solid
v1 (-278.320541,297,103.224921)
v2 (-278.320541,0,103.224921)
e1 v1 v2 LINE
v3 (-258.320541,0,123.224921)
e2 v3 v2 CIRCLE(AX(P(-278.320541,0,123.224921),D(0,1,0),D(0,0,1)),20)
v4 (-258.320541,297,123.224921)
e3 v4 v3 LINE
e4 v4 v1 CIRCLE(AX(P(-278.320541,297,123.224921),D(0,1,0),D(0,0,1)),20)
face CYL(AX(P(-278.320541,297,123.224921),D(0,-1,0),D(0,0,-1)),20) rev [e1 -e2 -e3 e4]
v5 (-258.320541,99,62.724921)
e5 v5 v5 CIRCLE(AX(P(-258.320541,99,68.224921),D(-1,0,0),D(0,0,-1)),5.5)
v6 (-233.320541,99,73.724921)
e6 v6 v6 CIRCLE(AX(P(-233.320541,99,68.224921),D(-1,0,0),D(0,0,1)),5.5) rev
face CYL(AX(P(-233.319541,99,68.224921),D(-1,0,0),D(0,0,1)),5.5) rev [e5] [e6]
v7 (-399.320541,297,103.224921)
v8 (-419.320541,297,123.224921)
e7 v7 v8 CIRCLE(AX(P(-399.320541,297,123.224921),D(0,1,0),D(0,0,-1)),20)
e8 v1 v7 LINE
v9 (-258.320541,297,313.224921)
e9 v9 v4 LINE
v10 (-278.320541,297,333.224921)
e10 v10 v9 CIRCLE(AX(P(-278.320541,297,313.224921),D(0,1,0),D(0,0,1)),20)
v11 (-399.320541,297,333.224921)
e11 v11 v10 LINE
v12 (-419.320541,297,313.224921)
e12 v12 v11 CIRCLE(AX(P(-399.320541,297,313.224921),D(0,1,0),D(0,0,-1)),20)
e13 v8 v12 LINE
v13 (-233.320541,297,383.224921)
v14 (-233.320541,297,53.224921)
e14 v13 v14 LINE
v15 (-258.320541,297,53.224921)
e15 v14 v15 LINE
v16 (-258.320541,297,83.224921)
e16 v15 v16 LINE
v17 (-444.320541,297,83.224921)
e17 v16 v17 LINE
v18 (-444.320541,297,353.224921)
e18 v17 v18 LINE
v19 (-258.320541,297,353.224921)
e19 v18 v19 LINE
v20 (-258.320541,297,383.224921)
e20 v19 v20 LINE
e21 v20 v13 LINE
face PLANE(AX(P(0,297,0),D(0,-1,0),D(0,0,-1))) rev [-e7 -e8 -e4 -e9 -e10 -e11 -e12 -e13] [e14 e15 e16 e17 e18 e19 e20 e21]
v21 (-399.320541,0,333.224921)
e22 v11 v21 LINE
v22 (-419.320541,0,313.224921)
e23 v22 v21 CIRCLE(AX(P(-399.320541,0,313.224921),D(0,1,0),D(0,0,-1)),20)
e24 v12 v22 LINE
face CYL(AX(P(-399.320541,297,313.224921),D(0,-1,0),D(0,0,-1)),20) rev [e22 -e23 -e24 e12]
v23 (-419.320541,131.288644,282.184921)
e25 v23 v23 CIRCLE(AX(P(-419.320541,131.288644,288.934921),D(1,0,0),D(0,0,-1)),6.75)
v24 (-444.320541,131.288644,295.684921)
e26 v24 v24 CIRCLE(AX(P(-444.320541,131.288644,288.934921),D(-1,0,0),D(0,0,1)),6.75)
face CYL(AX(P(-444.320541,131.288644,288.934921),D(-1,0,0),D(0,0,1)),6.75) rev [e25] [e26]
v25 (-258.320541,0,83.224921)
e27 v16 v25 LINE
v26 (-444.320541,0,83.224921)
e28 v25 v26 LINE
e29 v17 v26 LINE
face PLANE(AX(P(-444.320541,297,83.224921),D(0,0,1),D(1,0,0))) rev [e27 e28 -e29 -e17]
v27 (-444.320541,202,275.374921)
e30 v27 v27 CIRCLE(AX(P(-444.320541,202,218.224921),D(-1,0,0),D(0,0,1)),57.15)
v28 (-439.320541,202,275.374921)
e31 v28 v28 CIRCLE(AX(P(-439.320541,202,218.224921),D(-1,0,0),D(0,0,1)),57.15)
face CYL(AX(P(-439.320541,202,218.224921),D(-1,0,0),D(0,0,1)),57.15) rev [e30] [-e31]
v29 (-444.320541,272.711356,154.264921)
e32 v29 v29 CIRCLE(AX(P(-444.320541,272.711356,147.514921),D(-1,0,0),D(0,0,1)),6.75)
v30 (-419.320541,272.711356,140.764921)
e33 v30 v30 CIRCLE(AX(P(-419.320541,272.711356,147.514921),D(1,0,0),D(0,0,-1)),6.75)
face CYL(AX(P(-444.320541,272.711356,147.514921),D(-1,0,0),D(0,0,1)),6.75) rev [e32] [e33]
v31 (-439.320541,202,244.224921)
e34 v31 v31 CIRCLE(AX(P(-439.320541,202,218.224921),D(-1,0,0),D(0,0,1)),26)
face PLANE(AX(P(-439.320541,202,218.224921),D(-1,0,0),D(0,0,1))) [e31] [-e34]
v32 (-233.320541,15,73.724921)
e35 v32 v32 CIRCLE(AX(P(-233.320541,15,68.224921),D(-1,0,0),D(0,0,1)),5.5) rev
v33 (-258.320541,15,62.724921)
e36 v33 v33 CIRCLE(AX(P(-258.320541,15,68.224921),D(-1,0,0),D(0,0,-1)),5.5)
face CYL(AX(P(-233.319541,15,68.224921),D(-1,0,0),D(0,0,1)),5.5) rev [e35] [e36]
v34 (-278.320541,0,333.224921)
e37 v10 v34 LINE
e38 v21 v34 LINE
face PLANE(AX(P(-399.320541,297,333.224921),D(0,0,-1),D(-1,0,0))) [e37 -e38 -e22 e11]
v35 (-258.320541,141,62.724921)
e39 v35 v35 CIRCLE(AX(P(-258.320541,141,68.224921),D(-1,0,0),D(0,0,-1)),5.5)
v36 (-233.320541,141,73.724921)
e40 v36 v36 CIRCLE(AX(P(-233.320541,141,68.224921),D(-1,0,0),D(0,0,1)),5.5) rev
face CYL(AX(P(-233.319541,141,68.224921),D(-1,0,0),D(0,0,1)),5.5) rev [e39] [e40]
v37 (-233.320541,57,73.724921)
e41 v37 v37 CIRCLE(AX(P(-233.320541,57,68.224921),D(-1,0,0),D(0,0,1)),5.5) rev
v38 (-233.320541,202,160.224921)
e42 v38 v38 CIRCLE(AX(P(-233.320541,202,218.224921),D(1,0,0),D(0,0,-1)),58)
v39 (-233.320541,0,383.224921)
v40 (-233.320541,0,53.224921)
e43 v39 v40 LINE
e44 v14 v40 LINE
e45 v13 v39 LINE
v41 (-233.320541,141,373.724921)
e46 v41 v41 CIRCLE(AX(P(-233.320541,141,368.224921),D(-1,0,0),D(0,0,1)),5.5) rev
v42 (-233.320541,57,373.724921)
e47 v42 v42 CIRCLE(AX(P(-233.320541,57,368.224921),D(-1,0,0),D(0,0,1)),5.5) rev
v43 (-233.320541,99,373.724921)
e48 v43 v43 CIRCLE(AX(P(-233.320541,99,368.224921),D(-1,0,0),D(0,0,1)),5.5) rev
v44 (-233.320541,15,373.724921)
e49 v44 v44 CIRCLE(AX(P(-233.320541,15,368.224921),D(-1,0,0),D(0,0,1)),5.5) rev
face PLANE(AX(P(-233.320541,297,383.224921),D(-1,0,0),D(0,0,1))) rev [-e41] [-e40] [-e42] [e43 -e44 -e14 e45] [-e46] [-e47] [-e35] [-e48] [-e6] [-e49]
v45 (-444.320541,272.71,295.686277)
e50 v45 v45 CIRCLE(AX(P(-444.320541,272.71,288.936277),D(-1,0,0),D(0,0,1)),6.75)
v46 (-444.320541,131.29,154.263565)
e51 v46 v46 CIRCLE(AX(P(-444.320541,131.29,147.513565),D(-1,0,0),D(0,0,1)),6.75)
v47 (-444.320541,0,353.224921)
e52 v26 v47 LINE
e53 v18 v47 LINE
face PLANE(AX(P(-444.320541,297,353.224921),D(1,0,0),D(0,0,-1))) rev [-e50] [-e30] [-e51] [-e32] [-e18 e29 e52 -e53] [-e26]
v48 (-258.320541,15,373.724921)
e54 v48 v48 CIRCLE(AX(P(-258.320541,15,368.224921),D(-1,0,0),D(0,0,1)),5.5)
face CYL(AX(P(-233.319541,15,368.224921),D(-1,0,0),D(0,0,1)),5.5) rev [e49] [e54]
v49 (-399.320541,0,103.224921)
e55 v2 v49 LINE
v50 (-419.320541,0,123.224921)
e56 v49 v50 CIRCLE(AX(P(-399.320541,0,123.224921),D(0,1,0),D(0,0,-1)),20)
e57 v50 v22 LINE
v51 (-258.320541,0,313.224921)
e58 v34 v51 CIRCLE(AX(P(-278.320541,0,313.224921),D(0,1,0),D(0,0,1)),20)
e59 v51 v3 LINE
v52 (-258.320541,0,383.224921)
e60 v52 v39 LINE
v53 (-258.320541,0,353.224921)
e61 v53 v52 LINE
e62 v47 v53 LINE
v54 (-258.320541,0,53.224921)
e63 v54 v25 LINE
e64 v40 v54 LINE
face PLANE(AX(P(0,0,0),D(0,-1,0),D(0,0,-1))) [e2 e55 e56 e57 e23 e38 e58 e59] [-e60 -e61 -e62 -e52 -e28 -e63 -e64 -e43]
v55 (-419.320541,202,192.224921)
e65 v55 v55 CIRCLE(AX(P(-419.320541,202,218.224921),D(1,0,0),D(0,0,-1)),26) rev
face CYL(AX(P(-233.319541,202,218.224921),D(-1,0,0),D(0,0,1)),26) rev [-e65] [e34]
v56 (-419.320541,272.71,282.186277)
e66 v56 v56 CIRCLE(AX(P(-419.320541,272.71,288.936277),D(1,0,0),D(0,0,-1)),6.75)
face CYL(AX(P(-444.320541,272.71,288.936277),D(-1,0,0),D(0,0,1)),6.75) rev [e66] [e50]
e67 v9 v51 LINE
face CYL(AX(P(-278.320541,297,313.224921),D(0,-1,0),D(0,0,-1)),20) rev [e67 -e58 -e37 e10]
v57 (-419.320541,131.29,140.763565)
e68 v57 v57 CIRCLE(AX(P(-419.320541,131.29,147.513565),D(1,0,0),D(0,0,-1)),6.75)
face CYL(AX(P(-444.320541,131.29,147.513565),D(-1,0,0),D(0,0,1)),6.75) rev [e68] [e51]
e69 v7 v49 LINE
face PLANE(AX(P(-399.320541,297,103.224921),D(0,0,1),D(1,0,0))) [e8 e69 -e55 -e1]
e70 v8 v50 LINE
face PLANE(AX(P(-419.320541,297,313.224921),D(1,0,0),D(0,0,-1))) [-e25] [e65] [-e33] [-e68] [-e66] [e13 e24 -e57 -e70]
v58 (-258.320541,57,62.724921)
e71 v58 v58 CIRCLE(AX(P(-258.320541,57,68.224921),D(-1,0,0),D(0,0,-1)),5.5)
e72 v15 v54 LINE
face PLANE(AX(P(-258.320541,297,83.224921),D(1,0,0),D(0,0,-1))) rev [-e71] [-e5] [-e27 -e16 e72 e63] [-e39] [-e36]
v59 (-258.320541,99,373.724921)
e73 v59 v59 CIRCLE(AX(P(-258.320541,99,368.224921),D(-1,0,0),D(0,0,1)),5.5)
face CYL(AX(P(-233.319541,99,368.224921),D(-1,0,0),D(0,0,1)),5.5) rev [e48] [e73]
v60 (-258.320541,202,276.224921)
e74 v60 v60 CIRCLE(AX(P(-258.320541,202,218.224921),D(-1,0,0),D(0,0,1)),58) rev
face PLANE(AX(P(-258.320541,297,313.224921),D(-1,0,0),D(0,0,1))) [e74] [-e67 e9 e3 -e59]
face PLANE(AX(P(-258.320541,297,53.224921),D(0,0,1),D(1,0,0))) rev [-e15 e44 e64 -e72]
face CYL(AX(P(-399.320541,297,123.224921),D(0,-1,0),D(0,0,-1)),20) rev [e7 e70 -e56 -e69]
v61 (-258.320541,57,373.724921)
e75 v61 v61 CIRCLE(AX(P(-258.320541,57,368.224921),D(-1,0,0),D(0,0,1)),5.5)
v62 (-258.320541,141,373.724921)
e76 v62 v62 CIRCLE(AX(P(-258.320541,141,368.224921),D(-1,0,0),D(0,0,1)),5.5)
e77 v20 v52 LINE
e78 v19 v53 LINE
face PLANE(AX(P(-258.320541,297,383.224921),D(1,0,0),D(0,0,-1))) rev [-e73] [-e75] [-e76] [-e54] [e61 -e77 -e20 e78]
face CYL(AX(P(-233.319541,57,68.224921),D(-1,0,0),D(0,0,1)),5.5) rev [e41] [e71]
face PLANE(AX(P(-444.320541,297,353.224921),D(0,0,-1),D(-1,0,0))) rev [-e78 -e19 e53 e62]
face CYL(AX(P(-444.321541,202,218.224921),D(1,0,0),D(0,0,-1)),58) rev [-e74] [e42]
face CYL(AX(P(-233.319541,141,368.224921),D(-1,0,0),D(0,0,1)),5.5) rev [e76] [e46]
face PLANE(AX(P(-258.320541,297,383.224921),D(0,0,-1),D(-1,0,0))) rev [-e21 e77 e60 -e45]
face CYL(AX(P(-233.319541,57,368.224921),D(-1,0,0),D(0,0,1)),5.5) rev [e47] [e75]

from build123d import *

# Parameters (mm, degrees)
EXTRUDE_1_DEPTH          = 297
SKETCH_6_R               = 57.15
CUT_EXTRUDE_1_DEPTH      = 5
CUT_EXTRUDE_2_REACH      = 528.789
SKETCH_7_R               = 26
CUT_EXTRUDE_3_REACH      = 530.764
SKETCH_8_R               = 58
CUT_EXTRUDE_4_REACH      = 521.294
SKETCH_10_R              = 5.5
HOLE_WIZARD_M12_1_D      = 13.5
HOLE_WIZARD_M12_1_DEPTH  = 25
PATTERN_CIRCULAR_1_COUNT = 4


with BuildPart() as part:
    # 草图4 → 凸台-拉伸1 (new body)
    with BuildSketch(Plane(origin=(0, 0, 0), x_dir=(1, 0, 0), z_dir=(0, 1, 0))):
        Polygon((-258.320541352, -83.224920734), (-258.320541352, -53.224920734), (-233.320541352, -53.224920734), (-233.320541352, -383.224920734), (-258.320541352, -383.224920734), (-258.320541352, -353.224920734), (-444.320541352, -353.224920734), (-444.320541352, -83.224920734), align=None)
        with BuildLine():
            Line((-258.320541352, -313.224920734), (-258.320541352, -123.224920734))
            ThreePointArc((-258.320541352, -123.224920734), (-264.178405729, -109.08278511), (-278.320541352, -103.224920734))
            Line((-278.320541352, -103.224920734), (-399.320541352, -103.224920734))
            ThreePointArc((-399.320541352, -103.224920734), (-413.462676976, -109.08278511), (-419.320541352, -123.224920734))
            Line((-419.320541352, -123.224920734), (-419.320541352, -313.224920734))
            ThreePointArc((-419.320541352, -313.224920734), (-413.462676976, -327.367056358), (-399.320541352, -333.224920734))
            Line((-399.320541352, -333.224920734), (-278.320541352, -333.224920734))
            ThreePointArc((-278.320541352, -333.224920734), (-264.178405729, -327.367056358), (-258.320541352, -313.224920734))
        make_face(mode=Mode.SUBTRACT)
    extrude(amount=EXTRUDE_1_DEPTH)

    # 草图6 → 切除-拉伸1 (cut)
    with BuildSketch(Plane.ZY.offset(444.320541352)):
        with Locations((218.224920734, 202)):
            Circle(SKETCH_6_R)
    extrude(amount=-CUT_EXTRUDE_1_DEPTH, mode=Mode.SUBTRACT)

    # 草图7 → 切除-拉伸2 (cut, up to next)
    with BuildSketch(Plane.ZY.offset(439.320541352), mode=Mode.PRIVATE) as cut_extrude_2_sk1:
        with Locations((218.224920734, 202)):
            Circle(SKETCH_7_R)
    cut_extrude_2_tool1 = extrude(cut_extrude_2_sk1.sketch, amount=-CUT_EXTRUDE_2_REACH, mode=Mode.PRIVATE) & part.part
    add(cut_extrude_2_tool1.solids().sort_by_distance((-439.320541, 202, 218.224921))[0], mode=Mode.SUBTRACT)

    # 草图8 → 切除-拉伸3 (cut, up to next)
    with BuildSketch(Plane(origin=(-233.320541352, 0, 0), x_dir=(0, 0, -1), z_dir=(1, 0, 0)), mode=Mode.PRIVATE) as cut_extrude_3_sk1:
        with Locations((-218.224920734, 202)):
            Circle(SKETCH_8_R)
    cut_extrude_3_tool1 = extrude(cut_extrude_3_sk1.sketch, amount=-CUT_EXTRUDE_3_REACH, mode=Mode.PRIVATE) & part.part
    add(cut_extrude_3_tool1.solids().sort_by_distance((-233.320541, 202, 218.224921))[0], mode=Mode.SUBTRACT)

    # 草图10 → 切除-拉伸4 (cut, up to next)
    with BuildSketch(Plane.ZY.offset(258.320541352), mode=Mode.PRIVATE) as cut_extrude_4_sk1:
        with Locations((368.224920734, 15)):
            Circle(SKETCH_10_R)
    cut_extrude_4_tool1 = extrude(cut_extrude_4_sk1.sketch, amount=-CUT_EXTRUDE_4_REACH, mode=Mode.PRIVATE) & part.part
    # 草图10 → 切除-拉伸4 (cut, up to next)
    with BuildSketch(Plane.ZY.offset(258.320541352), mode=Mode.PRIVATE) as cut_extrude_4_sk2:
        with Locations((368.224920734, 57)):
            Circle(SKETCH_10_R)
    cut_extrude_4_tool2 = extrude(cut_extrude_4_sk2.sketch, amount=-CUT_EXTRUDE_4_REACH, mode=Mode.PRIVATE) & part.part
    # 草图10 → 切除-拉伸4 (cut, up to next)
    with BuildSketch(Plane.ZY.offset(258.320541352), mode=Mode.PRIVATE) as cut_extrude_4_sk3:
        with Locations((368.224920734, 99)):
            Circle(SKETCH_10_R)
    cut_extrude_4_tool3 = extrude(cut_extrude_4_sk3.sketch, amount=-CUT_EXTRUDE_4_REACH, mode=Mode.PRIVATE) & part.part
    # 草图10 → 切除-拉伸4 (cut, up to next)
    with BuildSketch(Plane.ZY.offset(258.320541352), mode=Mode.PRIVATE) as cut_extrude_4_sk4:
        with Locations((368.224920734, 141)):
            Circle(SKETCH_10_R)
    cut_extrude_4_tool4 = extrude(cut_extrude_4_sk4.sketch, amount=-CUT_EXTRUDE_4_REACH, mode=Mode.PRIVATE) & part.part
    # 草图10 → 切除-拉伸4 (cut, up to next)
    with BuildSketch(Plane.ZY.offset(258.320541352), mode=Mode.PRIVATE) as cut_extrude_4_sk5:
        with Locations((68.224920734, 141)):
            Circle(SKETCH_10_R)
    cut_extrude_4_tool5 = extrude(cut_extrude_4_sk5.sketch, amount=-CUT_EXTRUDE_4_REACH, mode=Mode.PRIVATE) & part.part
    # 草图10 → 切除-拉伸4 (cut, up to next)
    with BuildSketch(Plane.ZY.offset(258.320541352), mode=Mode.PRIVATE) as cut_extrude_4_sk6:
        with Locations((68.224920734, 15)):
            Circle(SKETCH_10_R)
    cut_extrude_4_tool6 = extrude(cut_extrude_4_sk6.sketch, amount=-CUT_EXTRUDE_4_REACH, mode=Mode.PRIVATE) & part.part
    # 草图10 → 切除-拉伸4 (cut, up to next)
    with BuildSketch(Plane.ZY.offset(258.320541352), mode=Mode.PRIVATE) as cut_extrude_4_sk7:
        with Locations((68.224920734, 57)):
            Circle(SKETCH_10_R)
    cut_extrude_4_tool7 = extrude(cut_extrude_4_sk7.sketch, amount=-CUT_EXTRUDE_4_REACH, mode=Mode.PRIVATE) & part.part
    # 草图10 → 切除-拉伸4 (cut, up to next)
    with BuildSketch(Plane.ZY.offset(258.320541352), mode=Mode.PRIVATE) as cut_extrude_4_sk8:
        with Locations((68.224920734, 99)):
            Circle(SKETCH_10_R)
    cut_extrude_4_tool8 = extrude(cut_extrude_4_sk8.sketch, amount=-CUT_EXTRUDE_4_REACH, mode=Mode.PRIVATE) & part.part
    add(cut_extrude_4_tool1.solids().sort_by_distance((-258.320541, 15, 368.224921))[0], mode=Mode.SUBTRACT)
    add(cut_extrude_4_tool2.solids().sort_by_distance((-258.320541, 57, 368.224921))[0], mode=Mode.SUBTRACT)
    add(cut_extrude_4_tool3.solids().sort_by_distance((-258.320541, 99, 368.224921))[0], mode=Mode.SUBTRACT)
    add(cut_extrude_4_tool4.solids().sort_by_distance((-258.320541, 141, 368.224921))[0], mode=Mode.SUBTRACT)
    add(cut_extrude_4_tool5.solids().sort_by_distance((-258.320541, 141, 68.224921))[0], mode=Mode.SUBTRACT)
    add(cut_extrude_4_tool6.solids().sort_by_distance((-258.320541, 15, 68.224921))[0], mode=Mode.SUBTRACT)
    add(cut_extrude_4_tool7.solids().sort_by_distance((-258.320541, 57, 68.224921))[0], mode=Mode.SUBTRACT)
    add(cut_extrude_4_tool8.solids().sort_by_distance((-258.320541, 99, 68.224921))[0], mode=Mode.SUBTRACT)

    # M12 间隙孔1
    with Locations(Plane.ZY.offset(444.320541352)):
        with Locations((147.514920734, 272.711356231)):
            hole_wizard_m12_1 = Hole(HOLE_WIZARD_M12_1_D / 2, depth=HOLE_WIZARD_M12_1_DEPTH)

    # 阵列(圆周)1: M12 间隙孔1 ×4 about axis
    pattern_circular_1_axis = Axis((0, 202, 218.224920734), (1, 0, 0))
    for i in range(1, PATTERN_CIRCULAR_1_COUNT):
        add(hole_wizard_m12_1.rotate(pattern_circular_1_axis, i * 360 / PATTERN_CIRCULAR_1_COUNT), mode=Mode.SUBTRACT)


solid = part.part
